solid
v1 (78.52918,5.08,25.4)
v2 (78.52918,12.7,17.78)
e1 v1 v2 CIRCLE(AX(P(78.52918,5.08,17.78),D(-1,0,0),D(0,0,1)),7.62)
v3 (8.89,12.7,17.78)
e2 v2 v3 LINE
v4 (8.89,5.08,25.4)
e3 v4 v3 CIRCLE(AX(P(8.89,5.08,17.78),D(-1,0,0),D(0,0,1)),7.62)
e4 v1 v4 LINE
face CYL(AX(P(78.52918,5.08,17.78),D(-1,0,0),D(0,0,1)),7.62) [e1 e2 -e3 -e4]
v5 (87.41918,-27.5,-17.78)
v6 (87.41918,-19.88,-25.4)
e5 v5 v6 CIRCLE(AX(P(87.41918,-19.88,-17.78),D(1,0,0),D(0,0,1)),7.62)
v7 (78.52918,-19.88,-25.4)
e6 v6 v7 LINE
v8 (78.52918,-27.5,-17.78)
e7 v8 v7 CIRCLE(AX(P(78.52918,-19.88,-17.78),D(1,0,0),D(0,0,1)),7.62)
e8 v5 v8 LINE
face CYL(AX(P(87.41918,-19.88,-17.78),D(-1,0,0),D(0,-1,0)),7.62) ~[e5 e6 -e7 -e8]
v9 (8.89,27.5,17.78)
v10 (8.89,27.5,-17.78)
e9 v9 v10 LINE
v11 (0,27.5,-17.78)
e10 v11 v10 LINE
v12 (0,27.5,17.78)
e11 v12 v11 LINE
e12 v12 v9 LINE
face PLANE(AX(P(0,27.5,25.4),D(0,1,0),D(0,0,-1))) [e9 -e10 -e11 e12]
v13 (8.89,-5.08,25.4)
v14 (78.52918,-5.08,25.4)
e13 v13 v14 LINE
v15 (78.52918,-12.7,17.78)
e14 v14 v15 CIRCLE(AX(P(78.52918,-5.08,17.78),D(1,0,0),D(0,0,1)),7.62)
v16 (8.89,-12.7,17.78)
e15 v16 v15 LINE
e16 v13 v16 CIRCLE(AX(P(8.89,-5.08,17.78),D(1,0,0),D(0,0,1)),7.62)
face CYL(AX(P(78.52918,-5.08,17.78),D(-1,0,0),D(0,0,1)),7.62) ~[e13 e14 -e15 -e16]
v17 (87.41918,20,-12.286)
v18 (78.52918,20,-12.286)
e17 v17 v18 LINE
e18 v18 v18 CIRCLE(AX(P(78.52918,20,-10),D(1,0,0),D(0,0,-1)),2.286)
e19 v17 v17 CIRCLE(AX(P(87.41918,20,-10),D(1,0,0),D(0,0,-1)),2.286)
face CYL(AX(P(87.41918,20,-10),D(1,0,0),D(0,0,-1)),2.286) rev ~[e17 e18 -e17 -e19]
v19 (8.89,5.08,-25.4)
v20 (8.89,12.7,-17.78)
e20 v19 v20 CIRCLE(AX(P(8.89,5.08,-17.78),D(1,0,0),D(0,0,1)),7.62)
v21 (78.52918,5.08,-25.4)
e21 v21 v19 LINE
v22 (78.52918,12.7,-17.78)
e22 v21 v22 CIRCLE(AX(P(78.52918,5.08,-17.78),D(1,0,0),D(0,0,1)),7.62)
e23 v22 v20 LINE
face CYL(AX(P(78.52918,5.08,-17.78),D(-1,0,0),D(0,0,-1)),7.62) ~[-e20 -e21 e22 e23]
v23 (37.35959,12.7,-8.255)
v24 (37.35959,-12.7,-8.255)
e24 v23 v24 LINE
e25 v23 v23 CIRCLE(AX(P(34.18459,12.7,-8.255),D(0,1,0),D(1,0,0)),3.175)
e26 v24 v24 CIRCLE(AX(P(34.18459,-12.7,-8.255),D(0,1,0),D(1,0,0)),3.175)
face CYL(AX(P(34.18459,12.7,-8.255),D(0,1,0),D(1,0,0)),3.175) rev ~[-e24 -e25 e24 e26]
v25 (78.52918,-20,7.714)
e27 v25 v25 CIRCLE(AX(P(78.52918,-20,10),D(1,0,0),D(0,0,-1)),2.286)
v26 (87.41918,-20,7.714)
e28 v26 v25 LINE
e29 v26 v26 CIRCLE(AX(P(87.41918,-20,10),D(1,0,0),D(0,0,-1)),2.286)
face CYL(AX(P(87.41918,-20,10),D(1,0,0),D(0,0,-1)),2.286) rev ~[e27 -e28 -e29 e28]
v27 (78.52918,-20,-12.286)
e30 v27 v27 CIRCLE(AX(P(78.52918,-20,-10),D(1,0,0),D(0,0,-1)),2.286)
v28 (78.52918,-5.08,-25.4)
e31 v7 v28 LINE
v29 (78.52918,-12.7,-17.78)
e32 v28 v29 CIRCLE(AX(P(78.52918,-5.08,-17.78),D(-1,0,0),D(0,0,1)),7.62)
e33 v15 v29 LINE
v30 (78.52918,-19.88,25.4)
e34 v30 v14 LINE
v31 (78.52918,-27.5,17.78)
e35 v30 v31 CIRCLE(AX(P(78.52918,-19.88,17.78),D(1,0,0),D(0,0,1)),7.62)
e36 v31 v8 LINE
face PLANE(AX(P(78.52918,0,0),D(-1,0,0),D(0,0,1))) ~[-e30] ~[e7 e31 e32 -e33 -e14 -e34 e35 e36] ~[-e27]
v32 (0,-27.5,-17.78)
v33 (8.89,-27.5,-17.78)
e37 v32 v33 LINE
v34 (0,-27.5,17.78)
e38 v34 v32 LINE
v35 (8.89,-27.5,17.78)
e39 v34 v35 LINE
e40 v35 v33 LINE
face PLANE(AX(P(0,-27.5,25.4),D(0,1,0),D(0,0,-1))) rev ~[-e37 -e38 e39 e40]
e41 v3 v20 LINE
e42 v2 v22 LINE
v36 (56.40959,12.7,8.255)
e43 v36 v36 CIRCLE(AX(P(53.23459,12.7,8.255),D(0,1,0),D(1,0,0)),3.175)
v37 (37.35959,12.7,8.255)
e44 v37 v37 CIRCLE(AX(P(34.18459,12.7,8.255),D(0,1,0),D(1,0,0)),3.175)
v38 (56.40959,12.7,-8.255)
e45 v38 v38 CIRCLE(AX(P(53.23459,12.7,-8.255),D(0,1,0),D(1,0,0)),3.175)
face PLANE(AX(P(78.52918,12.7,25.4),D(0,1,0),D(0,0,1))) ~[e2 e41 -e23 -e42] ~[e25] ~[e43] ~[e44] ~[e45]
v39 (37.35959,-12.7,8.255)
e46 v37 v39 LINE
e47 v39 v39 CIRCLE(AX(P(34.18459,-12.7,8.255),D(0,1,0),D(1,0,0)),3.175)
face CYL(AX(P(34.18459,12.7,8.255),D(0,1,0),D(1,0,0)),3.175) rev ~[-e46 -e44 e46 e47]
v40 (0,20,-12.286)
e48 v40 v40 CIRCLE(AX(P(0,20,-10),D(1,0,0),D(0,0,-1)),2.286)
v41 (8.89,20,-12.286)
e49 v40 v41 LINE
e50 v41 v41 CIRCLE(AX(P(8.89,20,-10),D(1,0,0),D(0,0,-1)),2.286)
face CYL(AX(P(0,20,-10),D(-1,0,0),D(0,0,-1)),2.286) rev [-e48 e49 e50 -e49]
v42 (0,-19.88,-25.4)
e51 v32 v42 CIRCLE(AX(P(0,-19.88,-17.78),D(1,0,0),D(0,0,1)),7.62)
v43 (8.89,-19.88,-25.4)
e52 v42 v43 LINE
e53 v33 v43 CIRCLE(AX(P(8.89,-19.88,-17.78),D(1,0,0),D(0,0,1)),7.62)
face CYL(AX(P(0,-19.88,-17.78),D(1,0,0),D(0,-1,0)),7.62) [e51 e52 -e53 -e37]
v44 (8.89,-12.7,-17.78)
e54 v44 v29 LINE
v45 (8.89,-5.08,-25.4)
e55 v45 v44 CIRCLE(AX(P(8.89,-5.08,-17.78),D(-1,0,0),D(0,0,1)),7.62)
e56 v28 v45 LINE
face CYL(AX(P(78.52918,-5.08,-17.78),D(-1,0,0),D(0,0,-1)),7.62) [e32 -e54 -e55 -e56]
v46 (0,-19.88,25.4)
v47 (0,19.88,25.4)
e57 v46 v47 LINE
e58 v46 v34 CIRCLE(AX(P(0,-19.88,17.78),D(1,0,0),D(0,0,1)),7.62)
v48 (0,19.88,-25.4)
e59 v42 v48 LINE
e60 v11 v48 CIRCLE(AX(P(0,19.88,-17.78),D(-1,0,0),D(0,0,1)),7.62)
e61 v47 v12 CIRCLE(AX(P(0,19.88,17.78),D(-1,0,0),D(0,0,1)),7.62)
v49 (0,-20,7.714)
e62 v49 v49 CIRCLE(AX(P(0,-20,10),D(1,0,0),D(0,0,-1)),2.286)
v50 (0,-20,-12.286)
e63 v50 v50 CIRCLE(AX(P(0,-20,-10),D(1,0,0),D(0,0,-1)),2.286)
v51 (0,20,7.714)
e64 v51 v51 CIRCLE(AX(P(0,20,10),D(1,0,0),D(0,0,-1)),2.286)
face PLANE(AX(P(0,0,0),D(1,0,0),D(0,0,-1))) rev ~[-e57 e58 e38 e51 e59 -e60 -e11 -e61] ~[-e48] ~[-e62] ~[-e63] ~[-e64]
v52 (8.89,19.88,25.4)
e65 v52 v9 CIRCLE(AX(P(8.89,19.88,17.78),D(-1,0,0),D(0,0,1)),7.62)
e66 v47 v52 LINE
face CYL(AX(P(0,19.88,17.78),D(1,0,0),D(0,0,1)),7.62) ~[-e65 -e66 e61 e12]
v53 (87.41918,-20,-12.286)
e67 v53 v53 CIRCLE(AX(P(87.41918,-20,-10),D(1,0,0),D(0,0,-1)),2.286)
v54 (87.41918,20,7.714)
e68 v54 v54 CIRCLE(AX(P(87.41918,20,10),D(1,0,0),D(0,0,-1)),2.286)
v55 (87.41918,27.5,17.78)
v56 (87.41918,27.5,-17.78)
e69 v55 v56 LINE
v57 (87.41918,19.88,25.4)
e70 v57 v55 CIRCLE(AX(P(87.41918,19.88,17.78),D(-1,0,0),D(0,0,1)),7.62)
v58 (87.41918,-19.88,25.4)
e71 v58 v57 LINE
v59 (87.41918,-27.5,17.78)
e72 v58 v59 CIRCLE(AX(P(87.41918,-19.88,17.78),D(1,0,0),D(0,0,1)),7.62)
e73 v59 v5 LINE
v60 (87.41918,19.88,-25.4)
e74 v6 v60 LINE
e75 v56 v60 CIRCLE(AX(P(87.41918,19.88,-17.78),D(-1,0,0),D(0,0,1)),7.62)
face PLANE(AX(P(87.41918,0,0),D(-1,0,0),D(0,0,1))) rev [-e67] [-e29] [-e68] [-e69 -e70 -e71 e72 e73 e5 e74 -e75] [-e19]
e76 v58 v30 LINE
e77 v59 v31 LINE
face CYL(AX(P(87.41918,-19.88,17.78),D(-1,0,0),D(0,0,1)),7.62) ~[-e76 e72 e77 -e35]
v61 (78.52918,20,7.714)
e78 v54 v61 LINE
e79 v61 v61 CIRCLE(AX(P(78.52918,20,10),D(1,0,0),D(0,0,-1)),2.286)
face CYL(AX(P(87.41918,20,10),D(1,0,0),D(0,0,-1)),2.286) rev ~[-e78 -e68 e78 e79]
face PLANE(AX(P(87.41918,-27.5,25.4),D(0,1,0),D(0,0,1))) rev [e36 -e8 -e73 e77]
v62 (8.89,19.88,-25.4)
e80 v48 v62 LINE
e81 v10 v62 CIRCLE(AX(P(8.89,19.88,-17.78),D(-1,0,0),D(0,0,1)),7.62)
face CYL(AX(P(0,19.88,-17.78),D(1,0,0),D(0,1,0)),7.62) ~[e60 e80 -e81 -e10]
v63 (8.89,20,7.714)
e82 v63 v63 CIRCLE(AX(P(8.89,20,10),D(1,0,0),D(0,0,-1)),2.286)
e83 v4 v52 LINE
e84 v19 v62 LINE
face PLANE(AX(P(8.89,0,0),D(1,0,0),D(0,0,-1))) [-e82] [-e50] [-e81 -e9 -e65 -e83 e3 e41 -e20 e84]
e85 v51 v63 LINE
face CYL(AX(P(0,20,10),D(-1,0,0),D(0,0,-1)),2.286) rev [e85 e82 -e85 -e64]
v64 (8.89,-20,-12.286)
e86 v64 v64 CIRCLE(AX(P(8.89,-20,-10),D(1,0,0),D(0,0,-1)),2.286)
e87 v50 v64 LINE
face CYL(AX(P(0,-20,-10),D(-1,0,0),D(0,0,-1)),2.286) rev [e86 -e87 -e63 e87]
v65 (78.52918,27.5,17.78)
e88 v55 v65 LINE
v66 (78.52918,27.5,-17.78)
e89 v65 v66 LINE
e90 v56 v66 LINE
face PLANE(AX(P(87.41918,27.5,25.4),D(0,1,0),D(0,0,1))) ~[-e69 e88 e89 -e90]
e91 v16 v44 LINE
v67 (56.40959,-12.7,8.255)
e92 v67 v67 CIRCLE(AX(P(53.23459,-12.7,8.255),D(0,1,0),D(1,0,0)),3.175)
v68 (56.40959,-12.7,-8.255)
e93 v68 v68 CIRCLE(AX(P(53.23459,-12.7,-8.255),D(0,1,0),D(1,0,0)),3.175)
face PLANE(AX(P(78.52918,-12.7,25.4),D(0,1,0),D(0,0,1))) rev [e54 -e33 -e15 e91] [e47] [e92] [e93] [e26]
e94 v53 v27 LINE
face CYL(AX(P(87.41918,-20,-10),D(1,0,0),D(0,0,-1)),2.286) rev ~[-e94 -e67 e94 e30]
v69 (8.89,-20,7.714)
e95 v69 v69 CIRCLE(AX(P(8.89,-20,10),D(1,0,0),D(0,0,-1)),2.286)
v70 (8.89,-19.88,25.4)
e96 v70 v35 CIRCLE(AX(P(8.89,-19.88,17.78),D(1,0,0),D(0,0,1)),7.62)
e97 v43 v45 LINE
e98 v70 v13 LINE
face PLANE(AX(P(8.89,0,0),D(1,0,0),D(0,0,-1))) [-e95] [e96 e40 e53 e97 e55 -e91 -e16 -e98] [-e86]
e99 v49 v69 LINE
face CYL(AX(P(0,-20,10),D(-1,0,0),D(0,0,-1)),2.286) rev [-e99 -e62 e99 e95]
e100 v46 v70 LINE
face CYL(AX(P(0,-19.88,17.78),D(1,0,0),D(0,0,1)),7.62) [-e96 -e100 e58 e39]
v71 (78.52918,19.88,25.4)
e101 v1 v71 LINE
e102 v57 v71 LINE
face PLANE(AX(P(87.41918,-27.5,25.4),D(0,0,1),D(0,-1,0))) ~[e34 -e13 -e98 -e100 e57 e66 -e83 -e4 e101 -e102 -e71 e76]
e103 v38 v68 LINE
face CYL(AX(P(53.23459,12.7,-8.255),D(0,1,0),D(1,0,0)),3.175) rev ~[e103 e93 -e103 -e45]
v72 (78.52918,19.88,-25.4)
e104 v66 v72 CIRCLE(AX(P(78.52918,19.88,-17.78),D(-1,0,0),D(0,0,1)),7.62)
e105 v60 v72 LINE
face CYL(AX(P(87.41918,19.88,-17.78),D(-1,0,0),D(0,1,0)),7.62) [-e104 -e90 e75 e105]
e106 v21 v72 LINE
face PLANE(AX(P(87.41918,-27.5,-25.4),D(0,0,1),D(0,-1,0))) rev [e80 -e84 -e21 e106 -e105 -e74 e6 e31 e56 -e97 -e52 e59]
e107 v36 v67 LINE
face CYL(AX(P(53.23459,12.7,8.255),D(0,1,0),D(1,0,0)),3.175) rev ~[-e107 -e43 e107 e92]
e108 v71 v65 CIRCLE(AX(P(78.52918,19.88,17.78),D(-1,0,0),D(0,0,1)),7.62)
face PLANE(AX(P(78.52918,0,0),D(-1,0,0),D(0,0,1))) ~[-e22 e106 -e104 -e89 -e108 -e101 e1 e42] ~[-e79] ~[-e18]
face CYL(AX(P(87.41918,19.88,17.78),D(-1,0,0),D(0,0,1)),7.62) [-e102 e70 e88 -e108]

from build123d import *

# Parameters (mm, degrees)
SKETCH1_W           = 50.8
SKETCH1_H           = 55
SKETCH1_R           = 2.286
BOSS_EXTRUDE1_DEPTH = 8.89
FILLET1_R           = 7.62
SKETCH2_W           = 50.8
SKETCH2_H           = 25.4
BOSS_EXTRUDE2_DEPTH = 34.81959
FILLET2_R           = 7.62
SKETCH3_R           = 3.175
CUT_EXTRUDE1_DEPTH  = 41.2
LPATTERN1_COUNT     = 2
LPATTERN1_PITCH     = 16.51


with BuildPart() as part:
    # Sketch1 → Boss-Extrude1 (new body)
    with BuildSketch(Plane(origin=(0, 0, 0), x_dir=(0, 0, -1), z_dir=(1, 0, 0))):
        Rectangle(SKETCH1_W, SKETCH1_H)
        with Locations((-10, 20)):
            Circle(SKETCH1_R, mode=Mode.SUBTRACT)
        with Locations((10, 20)):
            Circle(SKETCH1_R, mode=Mode.SUBTRACT)
        with Locations((-10, -20)):
            Circle(SKETCH1_R, mode=Mode.SUBTRACT)
        with Locations((10, -20)):
            Circle(SKETCH1_R, mode=Mode.SUBTRACT)
    extrude(amount=BOSS_EXTRUDE1_DEPTH)

    # Fillet1
    fillet1_edges = [part.edges().sort_by_distance(p)[0] for p in [
        (4.445, 27.5, 25.4),
        (4.445, 27.5, -25.4),
        (4.445, -27.5, -25.4),
        (4.445, -27.5, 25.4),
    ]]
    fillet(fillet1_edges, radius=FILLET1_R)

    # Sketch2 → Boss-Extrude2 (add)
    with BuildSketch(Plane(origin=(8.89, 0, 0), x_dir=(0, 0, -1), z_dir=(1, 0, 0))):
        Rectangle(SKETCH2_W, SKETCH2_H)
    extrude(amount=BOSS_EXTRUDE2_DEPTH)

    # Fillet2
    fillet2_edges = [part.edges().sort_by_distance(p)[0] for p in [
        (26.299795, 12.7, 25.4),
        (26.299795, -12.7, 25.4),
        (26.299795, -12.7, -25.4),
        (26.299795, 12.7, -25.4),
    ]]
    fillet(fillet2_edges, radius=FILLET2_R)

    # Mirror6: part across plane


with BuildPart() as part_1:
    add(part.part)
    add(part.part.mirror(Plane(origin=(43.70959, 0, 0), x_dir=(0, 0, 1), z_dir=(1, 0, 0))))

    # Sketch3 → Cut-Extrude1 (cut, through all)
    with BuildSketch(Plane(origin=(0, 12.7, 0), x_dir=(1, 0, 0), z_dir=(0, 1, 0))):
        with Locations((53.23459, 8.255)):
            Circle(SKETCH3_R)
        with Locations((34.18459, 8.255)):
            Circle(SKETCH3_R)
    cut_extrude1 = extrude(amount=-CUT_EXTRUDE1_DEPTH, mode=Mode.SUBTRACT)

    # LPattern1: Cut-Extrude1 ×2
    with Locations(*[(0, 0, i * LPATTERN1_PITCH) for i in range(1, LPATTERN1_COUNT)]):
        add(cut_extrude1, mode=Mode.SUBTRACT)


solid = part_1.part
